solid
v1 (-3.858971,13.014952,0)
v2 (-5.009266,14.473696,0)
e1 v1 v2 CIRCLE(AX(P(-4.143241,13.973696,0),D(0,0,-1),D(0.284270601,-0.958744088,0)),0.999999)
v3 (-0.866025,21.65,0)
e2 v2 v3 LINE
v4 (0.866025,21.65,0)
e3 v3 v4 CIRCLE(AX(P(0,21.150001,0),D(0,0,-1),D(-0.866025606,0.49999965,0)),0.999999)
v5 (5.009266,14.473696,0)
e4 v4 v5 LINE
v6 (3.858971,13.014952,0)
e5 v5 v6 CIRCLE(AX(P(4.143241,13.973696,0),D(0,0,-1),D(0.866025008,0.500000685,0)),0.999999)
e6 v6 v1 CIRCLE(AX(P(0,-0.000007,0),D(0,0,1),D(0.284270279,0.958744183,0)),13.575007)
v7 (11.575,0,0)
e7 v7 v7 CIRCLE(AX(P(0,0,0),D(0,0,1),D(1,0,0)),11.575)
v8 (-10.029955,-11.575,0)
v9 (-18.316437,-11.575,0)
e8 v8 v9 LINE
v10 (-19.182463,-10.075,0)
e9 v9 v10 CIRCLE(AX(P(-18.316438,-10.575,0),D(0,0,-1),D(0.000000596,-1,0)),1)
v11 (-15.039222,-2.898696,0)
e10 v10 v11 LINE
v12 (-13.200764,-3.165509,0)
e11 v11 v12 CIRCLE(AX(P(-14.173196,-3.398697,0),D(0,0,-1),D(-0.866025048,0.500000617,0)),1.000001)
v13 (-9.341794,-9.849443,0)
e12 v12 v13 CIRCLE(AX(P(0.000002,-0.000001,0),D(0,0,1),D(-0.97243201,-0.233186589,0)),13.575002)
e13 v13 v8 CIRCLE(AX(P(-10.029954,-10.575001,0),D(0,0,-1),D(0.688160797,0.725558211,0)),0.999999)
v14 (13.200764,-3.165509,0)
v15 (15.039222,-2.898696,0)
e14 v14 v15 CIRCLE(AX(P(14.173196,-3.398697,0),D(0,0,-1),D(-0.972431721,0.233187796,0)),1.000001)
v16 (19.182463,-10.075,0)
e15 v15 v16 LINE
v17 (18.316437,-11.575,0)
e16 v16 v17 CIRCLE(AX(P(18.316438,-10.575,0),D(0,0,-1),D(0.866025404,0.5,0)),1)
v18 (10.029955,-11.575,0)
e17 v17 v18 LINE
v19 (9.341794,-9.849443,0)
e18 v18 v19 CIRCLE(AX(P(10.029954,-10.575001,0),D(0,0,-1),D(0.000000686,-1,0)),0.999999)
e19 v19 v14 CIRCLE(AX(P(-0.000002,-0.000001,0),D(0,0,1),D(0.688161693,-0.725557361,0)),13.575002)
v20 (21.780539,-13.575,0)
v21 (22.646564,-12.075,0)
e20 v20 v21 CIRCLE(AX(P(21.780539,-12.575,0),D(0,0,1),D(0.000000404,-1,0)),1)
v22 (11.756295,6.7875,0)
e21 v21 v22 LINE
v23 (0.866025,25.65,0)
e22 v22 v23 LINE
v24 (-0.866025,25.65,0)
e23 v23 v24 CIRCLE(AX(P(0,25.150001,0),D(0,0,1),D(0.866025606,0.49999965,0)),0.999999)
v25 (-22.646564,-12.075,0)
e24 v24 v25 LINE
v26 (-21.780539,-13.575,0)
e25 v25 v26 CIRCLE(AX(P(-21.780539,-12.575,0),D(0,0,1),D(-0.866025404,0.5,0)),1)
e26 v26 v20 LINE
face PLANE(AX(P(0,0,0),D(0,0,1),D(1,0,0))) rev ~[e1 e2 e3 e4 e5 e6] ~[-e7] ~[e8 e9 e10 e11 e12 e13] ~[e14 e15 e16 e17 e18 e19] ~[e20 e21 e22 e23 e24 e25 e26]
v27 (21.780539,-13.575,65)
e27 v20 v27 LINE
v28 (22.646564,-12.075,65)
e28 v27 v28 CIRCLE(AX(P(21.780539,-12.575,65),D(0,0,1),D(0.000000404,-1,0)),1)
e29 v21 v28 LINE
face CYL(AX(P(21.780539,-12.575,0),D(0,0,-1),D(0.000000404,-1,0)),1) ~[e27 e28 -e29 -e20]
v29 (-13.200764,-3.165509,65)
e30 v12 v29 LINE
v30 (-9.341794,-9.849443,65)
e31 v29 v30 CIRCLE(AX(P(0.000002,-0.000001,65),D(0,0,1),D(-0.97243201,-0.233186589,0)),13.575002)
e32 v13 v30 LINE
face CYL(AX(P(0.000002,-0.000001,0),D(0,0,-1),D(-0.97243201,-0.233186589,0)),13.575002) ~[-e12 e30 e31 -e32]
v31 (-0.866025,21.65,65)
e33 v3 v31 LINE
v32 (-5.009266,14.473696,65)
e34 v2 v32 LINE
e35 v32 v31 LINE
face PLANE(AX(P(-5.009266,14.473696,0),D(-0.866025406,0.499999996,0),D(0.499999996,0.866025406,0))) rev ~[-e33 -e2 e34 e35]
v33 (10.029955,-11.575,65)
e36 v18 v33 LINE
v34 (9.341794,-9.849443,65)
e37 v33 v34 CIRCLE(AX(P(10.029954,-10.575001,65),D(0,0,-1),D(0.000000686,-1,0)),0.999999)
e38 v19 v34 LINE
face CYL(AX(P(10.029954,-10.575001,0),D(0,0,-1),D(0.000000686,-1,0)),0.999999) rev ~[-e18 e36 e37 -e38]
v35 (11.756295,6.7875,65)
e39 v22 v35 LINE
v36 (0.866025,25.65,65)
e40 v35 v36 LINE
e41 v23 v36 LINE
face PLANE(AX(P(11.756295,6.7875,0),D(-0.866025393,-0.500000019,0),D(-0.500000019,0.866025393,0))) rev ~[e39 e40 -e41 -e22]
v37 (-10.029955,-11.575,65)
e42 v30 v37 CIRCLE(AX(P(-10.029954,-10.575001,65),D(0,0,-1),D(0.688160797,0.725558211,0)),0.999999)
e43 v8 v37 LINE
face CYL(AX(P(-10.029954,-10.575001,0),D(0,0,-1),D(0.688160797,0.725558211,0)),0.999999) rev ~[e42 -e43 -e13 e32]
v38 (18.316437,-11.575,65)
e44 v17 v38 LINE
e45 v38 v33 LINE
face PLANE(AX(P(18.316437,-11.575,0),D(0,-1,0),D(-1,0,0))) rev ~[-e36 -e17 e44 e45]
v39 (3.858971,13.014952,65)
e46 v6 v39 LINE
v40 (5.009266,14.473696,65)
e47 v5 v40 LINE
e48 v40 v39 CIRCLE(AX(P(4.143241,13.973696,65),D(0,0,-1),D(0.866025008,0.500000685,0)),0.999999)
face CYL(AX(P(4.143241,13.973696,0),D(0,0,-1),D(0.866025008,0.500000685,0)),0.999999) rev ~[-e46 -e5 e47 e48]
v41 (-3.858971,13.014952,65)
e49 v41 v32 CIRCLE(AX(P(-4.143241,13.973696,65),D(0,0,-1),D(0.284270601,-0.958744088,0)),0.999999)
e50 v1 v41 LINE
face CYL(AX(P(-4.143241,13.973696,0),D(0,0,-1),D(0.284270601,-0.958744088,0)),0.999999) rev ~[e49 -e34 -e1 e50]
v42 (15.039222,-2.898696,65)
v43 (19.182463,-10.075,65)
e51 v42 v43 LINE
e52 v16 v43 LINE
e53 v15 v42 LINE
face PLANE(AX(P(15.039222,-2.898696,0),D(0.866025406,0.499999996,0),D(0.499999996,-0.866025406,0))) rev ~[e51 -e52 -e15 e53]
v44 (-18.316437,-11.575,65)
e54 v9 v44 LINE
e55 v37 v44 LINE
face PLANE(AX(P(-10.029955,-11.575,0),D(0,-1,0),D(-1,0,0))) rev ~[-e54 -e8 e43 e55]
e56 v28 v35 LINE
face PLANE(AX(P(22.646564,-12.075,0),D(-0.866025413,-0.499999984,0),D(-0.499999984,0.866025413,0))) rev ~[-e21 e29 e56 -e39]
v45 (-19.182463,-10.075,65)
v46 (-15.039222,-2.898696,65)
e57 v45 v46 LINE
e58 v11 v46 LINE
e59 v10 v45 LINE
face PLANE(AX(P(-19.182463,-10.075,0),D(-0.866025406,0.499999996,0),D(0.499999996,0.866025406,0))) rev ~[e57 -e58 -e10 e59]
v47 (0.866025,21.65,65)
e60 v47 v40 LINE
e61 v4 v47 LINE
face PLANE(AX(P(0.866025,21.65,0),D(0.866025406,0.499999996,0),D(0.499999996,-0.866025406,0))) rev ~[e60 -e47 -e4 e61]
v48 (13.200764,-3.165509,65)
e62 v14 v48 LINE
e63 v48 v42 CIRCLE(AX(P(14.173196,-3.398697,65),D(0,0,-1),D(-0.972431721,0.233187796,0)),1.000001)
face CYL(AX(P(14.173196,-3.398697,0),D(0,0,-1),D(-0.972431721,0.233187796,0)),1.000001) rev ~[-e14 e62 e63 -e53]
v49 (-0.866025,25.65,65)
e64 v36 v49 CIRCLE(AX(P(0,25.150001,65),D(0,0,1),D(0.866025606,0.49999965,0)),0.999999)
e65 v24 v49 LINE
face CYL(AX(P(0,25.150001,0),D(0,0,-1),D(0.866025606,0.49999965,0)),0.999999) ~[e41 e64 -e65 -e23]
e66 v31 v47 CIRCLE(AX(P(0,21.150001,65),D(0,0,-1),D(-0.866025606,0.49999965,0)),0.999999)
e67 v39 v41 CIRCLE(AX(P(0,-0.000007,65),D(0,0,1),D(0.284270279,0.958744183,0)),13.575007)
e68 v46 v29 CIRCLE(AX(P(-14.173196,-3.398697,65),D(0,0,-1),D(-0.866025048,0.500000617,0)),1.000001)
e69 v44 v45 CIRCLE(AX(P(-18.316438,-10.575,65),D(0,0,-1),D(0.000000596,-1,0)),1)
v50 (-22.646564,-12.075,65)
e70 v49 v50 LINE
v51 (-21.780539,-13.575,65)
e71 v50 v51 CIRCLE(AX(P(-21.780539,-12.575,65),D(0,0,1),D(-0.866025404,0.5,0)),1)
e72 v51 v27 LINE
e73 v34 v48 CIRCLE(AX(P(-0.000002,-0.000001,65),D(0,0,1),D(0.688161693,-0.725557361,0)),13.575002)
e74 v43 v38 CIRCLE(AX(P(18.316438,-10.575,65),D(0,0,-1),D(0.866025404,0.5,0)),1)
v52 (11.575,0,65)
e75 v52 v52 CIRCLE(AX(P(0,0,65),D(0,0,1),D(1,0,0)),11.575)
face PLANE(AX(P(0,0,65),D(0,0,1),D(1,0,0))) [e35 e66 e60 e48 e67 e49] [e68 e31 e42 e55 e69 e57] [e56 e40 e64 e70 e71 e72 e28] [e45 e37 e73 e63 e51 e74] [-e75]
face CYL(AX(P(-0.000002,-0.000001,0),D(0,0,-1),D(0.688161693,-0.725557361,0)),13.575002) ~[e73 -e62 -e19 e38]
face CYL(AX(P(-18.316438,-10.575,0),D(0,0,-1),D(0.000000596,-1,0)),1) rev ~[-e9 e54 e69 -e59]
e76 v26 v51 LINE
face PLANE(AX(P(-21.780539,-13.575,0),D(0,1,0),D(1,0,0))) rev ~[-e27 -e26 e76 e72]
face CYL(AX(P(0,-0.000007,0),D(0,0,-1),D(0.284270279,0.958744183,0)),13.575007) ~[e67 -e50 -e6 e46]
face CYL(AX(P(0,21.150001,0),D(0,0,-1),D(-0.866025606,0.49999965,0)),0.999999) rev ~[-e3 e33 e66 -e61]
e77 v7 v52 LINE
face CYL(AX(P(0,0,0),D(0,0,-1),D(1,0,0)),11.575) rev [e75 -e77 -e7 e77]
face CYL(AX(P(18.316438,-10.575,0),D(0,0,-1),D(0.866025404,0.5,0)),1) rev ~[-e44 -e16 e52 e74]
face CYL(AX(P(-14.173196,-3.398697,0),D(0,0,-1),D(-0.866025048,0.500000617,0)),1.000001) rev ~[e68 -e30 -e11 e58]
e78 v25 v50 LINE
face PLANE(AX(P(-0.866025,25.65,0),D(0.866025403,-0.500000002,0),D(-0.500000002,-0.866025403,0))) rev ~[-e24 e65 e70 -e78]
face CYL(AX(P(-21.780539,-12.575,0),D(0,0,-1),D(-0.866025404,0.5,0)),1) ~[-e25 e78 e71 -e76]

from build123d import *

# Parameters (mm, degrees)
F0_R     = 11.575
F1_DEPTH = 65


with BuildPart() as f1:
    # F0 (on Top) → F1 (new body)
    with BuildSketch(Plane.XY):
        with BuildLine():
            Line((11.756295, 6.7875), (0.866025, 25.65))
            ThreePointArc((0.866025, 25.65), (0, 26.15), (-0.866025, 25.65))
            Line((-0.866025, 25.65), (-22.646564, -12.075))
            ThreePointArc((-22.646564, -12.075), (-22.646564, -13.075), (-21.780539, -13.575))
            Line((-21.780539, -13.575), (21.780539, -13.575))
            ThreePointArc((21.780539, -13.575), (22.646564, -13.075), (22.646564, -12.075))
            Line((22.646564, -12.075), (11.756295, 6.7875))
        make_face()
        with BuildLine():
            ThreePointArc((-18.316437, -11.575), (-19.182463, -11.075), (-19.182463, -10.075))
            Line((-19.182463, -10.075), (-15.039222, -2.898696))
            ThreePointArc((-15.039222, -2.898696), (-14.029572, -2.409064), (-13.200764, -3.165509))
            ThreePointArc((-13.200764, -3.165509), (-11.756295, -6.7875), (-9.341794, -9.849443))
            ThreePointArc((-9.341794, -9.849443), (-9.101096, -10.945434), (-10.029955, -11.575))
            Line((-10.029955, -11.575), (-18.316437, -11.575))
        make_face(mode=Mode.SUBTRACT)
        Circle(F0_R, mode=Mode.SUBTRACT)
        with BuildLine():
            ThreePointArc((19.182463, -10.075), (19.182463, -11.075), (18.316437, -11.575))
            Line((18.316437, -11.575), (10.029955, -11.575))
            ThreePointArc((10.029955, -11.575), (9.101096, -10.945434), (9.341794, -9.849443))
            ThreePointArc((9.341794, -9.849443), (11.756295, -6.7875), (13.200764, -3.165509))
            ThreePointArc((13.200764, -3.165509), (14.029572, -2.409064), (15.039222, -2.898696))
            Line((15.039222, -2.898696), (19.182463, -10.075))
        make_face(mode=Mode.SUBTRACT)
        with BuildLine():
            ThreePointArc((-0.866025, 21.65), (0, 22.15), (0.866025, 21.65))
            Line((0.866025, 21.65), (5.009266, 14.473696))
            ThreePointArc((5.009266, 14.473696), (4.928476, 13.354498), (3.858971, 13.014952))
            ThreePointArc((3.858971, 13.014952), (0, 13.575), (-3.858971, 13.014952))
            ThreePointArc((-3.858971, 13.014952), (-4.928476, 13.354498), (-5.009266, 14.473696))
            Line((-5.009266, 14.473696), (-0.866025, 21.65))
        make_face(mode=Mode.SUBTRACT)
    extrude(amount=F1_DEPTH)


solid = f1.part
